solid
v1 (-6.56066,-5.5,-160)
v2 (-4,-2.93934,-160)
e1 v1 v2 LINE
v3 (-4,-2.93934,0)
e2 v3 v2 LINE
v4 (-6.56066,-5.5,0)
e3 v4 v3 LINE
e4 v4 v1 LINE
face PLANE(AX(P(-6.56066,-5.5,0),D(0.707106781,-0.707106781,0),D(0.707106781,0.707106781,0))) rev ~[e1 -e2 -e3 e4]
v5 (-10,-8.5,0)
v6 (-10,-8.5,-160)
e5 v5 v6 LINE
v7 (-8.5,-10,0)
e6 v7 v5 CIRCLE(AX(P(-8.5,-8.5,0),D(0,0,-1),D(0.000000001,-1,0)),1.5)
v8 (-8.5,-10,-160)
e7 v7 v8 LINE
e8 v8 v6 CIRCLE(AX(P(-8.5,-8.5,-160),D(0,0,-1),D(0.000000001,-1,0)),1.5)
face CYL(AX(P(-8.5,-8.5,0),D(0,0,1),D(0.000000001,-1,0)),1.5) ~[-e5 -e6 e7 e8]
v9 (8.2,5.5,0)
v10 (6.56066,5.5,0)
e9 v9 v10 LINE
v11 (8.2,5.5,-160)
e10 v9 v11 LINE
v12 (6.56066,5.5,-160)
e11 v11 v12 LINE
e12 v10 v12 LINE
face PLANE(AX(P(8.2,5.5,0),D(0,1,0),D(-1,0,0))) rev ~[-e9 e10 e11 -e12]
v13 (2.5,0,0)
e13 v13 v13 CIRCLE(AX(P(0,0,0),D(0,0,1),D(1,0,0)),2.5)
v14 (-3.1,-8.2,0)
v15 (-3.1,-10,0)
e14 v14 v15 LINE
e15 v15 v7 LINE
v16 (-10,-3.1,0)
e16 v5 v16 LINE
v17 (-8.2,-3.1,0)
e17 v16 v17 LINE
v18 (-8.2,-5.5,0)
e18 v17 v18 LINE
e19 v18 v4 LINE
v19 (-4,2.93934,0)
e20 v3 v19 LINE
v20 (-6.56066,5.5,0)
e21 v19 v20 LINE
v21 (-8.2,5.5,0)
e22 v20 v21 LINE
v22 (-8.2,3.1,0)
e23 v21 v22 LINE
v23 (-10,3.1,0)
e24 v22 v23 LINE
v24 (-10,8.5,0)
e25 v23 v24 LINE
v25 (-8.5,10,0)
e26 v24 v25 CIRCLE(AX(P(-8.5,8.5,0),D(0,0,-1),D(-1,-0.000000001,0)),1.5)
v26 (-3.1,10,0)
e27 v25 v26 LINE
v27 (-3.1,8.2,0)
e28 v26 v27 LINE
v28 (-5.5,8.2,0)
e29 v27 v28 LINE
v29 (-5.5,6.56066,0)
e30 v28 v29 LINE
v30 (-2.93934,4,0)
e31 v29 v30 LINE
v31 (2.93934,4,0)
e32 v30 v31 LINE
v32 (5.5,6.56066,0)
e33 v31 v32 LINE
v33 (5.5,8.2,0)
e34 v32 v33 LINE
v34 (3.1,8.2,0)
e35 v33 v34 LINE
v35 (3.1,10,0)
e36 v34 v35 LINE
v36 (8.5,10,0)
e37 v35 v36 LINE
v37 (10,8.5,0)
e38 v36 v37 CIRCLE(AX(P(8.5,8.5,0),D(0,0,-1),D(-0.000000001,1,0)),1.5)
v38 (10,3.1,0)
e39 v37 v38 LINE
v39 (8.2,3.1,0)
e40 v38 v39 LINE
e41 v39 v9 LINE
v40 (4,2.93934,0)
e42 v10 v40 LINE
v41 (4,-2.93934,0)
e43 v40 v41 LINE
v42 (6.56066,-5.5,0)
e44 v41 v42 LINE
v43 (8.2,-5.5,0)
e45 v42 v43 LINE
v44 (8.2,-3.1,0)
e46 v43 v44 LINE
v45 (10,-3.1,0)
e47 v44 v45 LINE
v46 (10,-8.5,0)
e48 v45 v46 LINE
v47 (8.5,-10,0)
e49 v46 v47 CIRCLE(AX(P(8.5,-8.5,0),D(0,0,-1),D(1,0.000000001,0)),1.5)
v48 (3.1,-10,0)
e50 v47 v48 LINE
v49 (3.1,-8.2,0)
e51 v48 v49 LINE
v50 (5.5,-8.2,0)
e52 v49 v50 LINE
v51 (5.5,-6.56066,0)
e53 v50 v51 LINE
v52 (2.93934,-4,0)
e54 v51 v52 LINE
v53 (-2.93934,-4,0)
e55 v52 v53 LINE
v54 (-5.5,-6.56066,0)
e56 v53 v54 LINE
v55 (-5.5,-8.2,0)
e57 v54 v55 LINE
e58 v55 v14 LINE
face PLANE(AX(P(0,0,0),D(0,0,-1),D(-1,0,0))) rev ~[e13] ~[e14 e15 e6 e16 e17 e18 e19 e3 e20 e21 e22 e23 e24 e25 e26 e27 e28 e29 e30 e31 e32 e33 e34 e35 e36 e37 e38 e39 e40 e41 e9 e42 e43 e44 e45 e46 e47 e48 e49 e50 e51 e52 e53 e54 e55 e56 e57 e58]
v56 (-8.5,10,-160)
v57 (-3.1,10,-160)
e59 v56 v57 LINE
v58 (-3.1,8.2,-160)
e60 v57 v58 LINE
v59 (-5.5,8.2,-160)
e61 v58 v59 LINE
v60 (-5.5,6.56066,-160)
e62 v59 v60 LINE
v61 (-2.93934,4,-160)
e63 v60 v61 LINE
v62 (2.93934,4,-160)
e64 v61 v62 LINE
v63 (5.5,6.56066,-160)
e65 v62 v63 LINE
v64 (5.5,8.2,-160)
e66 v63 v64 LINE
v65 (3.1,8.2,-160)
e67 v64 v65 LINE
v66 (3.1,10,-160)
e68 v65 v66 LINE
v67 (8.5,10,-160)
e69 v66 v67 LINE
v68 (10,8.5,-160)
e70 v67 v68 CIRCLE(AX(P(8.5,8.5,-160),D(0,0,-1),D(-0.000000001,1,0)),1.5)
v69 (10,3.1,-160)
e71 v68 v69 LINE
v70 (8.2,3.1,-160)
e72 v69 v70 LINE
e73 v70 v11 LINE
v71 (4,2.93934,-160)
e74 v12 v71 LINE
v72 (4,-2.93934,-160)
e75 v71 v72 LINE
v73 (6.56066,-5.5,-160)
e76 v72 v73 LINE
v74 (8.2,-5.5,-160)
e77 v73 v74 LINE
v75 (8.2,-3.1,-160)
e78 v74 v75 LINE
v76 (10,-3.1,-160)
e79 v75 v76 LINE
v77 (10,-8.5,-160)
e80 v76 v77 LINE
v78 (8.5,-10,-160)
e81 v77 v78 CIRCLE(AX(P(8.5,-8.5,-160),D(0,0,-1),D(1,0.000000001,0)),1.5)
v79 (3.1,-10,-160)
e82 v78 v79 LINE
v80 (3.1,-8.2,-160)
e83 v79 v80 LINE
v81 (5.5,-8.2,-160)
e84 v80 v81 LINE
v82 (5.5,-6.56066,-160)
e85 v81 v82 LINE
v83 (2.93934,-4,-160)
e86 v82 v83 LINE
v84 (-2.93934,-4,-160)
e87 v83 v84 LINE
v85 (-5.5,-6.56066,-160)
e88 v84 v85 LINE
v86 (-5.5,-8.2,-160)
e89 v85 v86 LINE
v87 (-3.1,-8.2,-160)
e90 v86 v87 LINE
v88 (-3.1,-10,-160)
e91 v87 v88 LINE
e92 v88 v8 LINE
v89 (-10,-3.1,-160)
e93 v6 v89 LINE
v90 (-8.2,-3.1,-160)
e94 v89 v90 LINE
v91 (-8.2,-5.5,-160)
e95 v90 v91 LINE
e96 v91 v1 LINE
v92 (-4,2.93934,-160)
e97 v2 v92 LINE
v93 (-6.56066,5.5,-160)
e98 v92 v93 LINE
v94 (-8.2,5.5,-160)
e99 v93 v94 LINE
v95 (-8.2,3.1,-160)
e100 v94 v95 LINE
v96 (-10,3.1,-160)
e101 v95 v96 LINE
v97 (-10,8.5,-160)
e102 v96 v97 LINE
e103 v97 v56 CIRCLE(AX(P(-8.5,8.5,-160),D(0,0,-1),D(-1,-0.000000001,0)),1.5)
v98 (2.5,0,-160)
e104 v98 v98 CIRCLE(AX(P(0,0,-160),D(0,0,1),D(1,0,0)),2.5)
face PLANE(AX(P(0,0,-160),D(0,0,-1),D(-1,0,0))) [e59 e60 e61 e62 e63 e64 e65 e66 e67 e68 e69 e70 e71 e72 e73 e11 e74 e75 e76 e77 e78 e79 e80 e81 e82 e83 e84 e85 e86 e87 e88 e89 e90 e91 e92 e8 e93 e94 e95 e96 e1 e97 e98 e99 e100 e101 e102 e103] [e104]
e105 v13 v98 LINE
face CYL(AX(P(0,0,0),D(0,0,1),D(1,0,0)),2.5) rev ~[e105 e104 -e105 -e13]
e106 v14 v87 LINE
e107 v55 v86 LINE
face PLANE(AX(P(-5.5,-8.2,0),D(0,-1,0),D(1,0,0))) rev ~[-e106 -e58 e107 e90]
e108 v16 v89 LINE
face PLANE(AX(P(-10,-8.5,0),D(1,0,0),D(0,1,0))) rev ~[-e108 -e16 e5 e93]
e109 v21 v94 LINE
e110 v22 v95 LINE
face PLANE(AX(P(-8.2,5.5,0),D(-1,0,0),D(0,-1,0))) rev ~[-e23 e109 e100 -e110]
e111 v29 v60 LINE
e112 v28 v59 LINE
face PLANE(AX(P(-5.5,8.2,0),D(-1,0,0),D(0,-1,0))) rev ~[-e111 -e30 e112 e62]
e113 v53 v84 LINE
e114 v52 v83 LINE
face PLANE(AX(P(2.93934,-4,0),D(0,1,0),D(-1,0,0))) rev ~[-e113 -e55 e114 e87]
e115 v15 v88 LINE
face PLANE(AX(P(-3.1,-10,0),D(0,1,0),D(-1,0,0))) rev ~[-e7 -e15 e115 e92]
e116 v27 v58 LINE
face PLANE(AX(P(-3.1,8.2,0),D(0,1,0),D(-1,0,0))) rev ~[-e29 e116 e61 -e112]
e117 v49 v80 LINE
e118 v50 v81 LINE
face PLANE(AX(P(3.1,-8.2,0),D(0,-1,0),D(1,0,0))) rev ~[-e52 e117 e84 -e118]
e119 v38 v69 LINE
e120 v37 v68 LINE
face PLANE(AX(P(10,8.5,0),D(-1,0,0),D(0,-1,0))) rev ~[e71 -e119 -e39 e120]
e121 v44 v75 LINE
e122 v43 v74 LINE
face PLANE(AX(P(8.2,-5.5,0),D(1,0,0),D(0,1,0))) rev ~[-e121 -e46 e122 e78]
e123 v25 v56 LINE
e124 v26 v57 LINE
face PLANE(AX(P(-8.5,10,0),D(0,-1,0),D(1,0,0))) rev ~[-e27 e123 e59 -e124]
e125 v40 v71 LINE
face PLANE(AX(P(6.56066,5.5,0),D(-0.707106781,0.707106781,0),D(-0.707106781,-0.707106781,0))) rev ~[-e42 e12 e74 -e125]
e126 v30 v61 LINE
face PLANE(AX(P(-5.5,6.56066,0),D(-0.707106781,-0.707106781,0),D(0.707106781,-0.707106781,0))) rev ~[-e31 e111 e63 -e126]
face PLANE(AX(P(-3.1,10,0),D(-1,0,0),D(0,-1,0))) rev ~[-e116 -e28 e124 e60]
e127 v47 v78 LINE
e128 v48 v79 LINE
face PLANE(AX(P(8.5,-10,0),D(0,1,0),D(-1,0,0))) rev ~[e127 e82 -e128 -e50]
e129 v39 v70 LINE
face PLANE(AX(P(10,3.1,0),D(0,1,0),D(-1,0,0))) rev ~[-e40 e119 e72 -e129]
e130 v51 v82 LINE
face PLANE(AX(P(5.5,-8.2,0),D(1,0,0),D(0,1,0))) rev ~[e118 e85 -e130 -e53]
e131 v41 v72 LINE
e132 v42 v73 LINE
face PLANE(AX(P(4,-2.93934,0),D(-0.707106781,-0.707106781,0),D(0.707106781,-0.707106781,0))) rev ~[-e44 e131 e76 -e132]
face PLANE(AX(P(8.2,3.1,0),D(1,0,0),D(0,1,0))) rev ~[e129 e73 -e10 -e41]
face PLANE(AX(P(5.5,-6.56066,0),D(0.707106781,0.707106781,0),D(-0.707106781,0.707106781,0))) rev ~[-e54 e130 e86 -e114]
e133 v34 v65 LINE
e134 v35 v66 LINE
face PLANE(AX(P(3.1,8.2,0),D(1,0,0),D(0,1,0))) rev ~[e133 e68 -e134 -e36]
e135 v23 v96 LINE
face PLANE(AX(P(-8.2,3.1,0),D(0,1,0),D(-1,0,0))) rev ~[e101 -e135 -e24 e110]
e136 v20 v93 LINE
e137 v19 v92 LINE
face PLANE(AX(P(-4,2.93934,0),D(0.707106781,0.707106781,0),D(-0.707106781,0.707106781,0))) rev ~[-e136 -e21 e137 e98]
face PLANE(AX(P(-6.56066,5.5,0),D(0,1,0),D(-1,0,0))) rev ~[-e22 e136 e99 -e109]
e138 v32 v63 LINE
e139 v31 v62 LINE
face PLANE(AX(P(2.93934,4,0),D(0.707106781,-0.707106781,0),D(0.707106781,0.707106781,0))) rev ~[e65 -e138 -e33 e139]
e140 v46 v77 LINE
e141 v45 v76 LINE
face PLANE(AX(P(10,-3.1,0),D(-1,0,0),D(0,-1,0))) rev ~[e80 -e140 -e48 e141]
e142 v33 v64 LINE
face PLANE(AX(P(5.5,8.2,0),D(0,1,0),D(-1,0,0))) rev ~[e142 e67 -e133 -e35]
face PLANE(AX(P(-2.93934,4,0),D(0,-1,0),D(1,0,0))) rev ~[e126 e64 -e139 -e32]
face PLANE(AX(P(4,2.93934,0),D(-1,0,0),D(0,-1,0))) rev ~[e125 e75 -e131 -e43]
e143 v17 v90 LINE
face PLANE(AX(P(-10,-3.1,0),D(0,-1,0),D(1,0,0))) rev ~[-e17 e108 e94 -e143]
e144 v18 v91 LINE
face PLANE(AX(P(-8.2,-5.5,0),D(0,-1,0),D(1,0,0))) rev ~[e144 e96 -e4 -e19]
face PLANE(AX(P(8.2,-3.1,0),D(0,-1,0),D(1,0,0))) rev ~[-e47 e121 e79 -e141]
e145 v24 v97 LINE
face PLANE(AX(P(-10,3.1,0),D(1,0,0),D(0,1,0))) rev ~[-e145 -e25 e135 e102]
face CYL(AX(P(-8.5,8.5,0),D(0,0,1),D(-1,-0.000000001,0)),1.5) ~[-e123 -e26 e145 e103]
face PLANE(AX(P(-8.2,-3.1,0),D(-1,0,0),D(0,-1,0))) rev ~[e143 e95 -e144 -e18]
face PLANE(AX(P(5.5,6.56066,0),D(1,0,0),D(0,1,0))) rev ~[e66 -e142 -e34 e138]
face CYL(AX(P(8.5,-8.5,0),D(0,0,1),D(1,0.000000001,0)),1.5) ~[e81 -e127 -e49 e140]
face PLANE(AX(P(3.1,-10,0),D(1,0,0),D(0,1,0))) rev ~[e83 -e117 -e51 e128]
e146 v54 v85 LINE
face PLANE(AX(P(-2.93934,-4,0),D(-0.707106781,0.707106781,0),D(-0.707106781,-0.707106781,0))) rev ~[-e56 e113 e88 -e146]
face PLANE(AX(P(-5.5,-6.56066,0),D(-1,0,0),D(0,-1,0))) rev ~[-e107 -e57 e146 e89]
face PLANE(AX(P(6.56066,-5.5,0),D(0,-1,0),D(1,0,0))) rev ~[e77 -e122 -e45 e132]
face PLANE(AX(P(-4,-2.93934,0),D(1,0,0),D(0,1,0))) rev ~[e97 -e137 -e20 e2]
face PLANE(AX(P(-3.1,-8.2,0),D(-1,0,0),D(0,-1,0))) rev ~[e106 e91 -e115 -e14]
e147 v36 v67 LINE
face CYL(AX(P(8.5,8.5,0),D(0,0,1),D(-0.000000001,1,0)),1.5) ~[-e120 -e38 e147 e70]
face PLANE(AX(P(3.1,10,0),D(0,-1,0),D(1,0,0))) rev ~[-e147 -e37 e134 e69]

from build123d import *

# Parameters (mm, degrees)
SKETCH_1_R      = 2.5
EXTRUDE_2_DEPTH = 160


with BuildPart() as part:
    # 草图1 → 凸台-拉伸2 (new body)
    with BuildSketch(Plane.XY):
        with BuildLine():
            Line((5.5, -8.2), (5.5, -6.560660172))
            Line((5.5, -6.560660172), (2.939339828, -4))
            Line((2.939339828, -4), (-2.939339828, -4))
            Line((-2.939339828, -4), (-5.5, -6.560660172))
            Line((-5.5, -6.560660172), (-5.5, -8.2))
            Line((-5.5, -8.2), (-3.1, -8.2))
            Line((-3.1, -8.2), (-3.1, -10))
            Line((-3.1, -10), (-8.5, -10))
            ThreePointArc((-8.5, -10), (-9.560660172, -9.560660172), (-10, -8.5))
            Line((-10, -8.5), (-10, -3.1))
            Line((-10, -3.1), (-8.2, -3.1))
            Line((-8.2, -3.1), (-8.2, -5.5))
            Line((-8.2, -5.5), (-6.560660172, -5.5))
            Line((-6.560660172, -5.5), (-4, -2.939339828))
            Line((-4, -2.939339828), (-4, 2.939339828))
            Line((-4, 2.939339828), (-6.560660172, 5.5))
            Line((-6.560660172, 5.5), (-8.2, 5.5))
            Line((-8.2, 5.5), (-8.2, 3.1))
            Line((-8.2, 3.1), (-10, 3.1))
            Line((-10, 3.1), (-10, 8.5))
            ThreePointArc((-10, 8.5), (-9.560660172, 9.560660172), (-8.5, 10))
            Line((-8.5, 10), (-3.1, 10))
            Line((-3.1, 10), (-3.1, 8.2))
            Line((-3.1, 8.2), (-5.5, 8.2))
            Line((-5.5, 8.2), (-5.5, 6.560660172))
            Line((-5.5, 6.560660172), (-2.939339828, 4))
            Line((-2.939339828, 4), (2.939339828, 4))
            Line((2.939339828, 4), (5.5, 6.560660172))
            Line((5.5, 6.560660172), (5.5, 8.2))
            Line((5.5, 8.2), (3.1, 8.2))
            Line((3.1, 8.2), (3.1, 10))
            Line((3.1, 10), (8.5, 10))
            ThreePointArc((8.5, 10), (9.560660172, 9.560660172), (10, 8.5))
            Line((10, 8.5), (10, 3.1))
            Line((10, 3.1), (8.2, 3.1))
            Line((8.2, 3.1), (8.2, 5.5))
            Line((8.2, 5.5), (6.560660172, 5.5))
            Line((6.560660172, 5.5), (4, 2.939339828))
            Line((4, 2.939339828), (4, -2.939339828))
            Line((4, -2.939339828), (6.560660172, -5.5))
            Line((6.560660172, -5.5), (8.2, -5.5))
            Line((8.2, -5.5), (8.2, -3.1))
            Line((8.2, -3.1), (10, -3.1))
            Line((10, -3.1), (10, -8.5))
            ThreePointArc((10, -8.5), (9.560660172, -9.560660172), (8.5, -10))
            Line((8.5, -10), (3.1, -10))
            Line((3.1, -10), (3.1, -8.2))
            Line((3.1, -8.2), (5.5, -8.2))
        make_face()
        Circle(SKETCH_1_R, mode=Mode.SUBTRACT)
    extrude(amount=-EXTRUDE_2_DEPTH)


solid = part.part
